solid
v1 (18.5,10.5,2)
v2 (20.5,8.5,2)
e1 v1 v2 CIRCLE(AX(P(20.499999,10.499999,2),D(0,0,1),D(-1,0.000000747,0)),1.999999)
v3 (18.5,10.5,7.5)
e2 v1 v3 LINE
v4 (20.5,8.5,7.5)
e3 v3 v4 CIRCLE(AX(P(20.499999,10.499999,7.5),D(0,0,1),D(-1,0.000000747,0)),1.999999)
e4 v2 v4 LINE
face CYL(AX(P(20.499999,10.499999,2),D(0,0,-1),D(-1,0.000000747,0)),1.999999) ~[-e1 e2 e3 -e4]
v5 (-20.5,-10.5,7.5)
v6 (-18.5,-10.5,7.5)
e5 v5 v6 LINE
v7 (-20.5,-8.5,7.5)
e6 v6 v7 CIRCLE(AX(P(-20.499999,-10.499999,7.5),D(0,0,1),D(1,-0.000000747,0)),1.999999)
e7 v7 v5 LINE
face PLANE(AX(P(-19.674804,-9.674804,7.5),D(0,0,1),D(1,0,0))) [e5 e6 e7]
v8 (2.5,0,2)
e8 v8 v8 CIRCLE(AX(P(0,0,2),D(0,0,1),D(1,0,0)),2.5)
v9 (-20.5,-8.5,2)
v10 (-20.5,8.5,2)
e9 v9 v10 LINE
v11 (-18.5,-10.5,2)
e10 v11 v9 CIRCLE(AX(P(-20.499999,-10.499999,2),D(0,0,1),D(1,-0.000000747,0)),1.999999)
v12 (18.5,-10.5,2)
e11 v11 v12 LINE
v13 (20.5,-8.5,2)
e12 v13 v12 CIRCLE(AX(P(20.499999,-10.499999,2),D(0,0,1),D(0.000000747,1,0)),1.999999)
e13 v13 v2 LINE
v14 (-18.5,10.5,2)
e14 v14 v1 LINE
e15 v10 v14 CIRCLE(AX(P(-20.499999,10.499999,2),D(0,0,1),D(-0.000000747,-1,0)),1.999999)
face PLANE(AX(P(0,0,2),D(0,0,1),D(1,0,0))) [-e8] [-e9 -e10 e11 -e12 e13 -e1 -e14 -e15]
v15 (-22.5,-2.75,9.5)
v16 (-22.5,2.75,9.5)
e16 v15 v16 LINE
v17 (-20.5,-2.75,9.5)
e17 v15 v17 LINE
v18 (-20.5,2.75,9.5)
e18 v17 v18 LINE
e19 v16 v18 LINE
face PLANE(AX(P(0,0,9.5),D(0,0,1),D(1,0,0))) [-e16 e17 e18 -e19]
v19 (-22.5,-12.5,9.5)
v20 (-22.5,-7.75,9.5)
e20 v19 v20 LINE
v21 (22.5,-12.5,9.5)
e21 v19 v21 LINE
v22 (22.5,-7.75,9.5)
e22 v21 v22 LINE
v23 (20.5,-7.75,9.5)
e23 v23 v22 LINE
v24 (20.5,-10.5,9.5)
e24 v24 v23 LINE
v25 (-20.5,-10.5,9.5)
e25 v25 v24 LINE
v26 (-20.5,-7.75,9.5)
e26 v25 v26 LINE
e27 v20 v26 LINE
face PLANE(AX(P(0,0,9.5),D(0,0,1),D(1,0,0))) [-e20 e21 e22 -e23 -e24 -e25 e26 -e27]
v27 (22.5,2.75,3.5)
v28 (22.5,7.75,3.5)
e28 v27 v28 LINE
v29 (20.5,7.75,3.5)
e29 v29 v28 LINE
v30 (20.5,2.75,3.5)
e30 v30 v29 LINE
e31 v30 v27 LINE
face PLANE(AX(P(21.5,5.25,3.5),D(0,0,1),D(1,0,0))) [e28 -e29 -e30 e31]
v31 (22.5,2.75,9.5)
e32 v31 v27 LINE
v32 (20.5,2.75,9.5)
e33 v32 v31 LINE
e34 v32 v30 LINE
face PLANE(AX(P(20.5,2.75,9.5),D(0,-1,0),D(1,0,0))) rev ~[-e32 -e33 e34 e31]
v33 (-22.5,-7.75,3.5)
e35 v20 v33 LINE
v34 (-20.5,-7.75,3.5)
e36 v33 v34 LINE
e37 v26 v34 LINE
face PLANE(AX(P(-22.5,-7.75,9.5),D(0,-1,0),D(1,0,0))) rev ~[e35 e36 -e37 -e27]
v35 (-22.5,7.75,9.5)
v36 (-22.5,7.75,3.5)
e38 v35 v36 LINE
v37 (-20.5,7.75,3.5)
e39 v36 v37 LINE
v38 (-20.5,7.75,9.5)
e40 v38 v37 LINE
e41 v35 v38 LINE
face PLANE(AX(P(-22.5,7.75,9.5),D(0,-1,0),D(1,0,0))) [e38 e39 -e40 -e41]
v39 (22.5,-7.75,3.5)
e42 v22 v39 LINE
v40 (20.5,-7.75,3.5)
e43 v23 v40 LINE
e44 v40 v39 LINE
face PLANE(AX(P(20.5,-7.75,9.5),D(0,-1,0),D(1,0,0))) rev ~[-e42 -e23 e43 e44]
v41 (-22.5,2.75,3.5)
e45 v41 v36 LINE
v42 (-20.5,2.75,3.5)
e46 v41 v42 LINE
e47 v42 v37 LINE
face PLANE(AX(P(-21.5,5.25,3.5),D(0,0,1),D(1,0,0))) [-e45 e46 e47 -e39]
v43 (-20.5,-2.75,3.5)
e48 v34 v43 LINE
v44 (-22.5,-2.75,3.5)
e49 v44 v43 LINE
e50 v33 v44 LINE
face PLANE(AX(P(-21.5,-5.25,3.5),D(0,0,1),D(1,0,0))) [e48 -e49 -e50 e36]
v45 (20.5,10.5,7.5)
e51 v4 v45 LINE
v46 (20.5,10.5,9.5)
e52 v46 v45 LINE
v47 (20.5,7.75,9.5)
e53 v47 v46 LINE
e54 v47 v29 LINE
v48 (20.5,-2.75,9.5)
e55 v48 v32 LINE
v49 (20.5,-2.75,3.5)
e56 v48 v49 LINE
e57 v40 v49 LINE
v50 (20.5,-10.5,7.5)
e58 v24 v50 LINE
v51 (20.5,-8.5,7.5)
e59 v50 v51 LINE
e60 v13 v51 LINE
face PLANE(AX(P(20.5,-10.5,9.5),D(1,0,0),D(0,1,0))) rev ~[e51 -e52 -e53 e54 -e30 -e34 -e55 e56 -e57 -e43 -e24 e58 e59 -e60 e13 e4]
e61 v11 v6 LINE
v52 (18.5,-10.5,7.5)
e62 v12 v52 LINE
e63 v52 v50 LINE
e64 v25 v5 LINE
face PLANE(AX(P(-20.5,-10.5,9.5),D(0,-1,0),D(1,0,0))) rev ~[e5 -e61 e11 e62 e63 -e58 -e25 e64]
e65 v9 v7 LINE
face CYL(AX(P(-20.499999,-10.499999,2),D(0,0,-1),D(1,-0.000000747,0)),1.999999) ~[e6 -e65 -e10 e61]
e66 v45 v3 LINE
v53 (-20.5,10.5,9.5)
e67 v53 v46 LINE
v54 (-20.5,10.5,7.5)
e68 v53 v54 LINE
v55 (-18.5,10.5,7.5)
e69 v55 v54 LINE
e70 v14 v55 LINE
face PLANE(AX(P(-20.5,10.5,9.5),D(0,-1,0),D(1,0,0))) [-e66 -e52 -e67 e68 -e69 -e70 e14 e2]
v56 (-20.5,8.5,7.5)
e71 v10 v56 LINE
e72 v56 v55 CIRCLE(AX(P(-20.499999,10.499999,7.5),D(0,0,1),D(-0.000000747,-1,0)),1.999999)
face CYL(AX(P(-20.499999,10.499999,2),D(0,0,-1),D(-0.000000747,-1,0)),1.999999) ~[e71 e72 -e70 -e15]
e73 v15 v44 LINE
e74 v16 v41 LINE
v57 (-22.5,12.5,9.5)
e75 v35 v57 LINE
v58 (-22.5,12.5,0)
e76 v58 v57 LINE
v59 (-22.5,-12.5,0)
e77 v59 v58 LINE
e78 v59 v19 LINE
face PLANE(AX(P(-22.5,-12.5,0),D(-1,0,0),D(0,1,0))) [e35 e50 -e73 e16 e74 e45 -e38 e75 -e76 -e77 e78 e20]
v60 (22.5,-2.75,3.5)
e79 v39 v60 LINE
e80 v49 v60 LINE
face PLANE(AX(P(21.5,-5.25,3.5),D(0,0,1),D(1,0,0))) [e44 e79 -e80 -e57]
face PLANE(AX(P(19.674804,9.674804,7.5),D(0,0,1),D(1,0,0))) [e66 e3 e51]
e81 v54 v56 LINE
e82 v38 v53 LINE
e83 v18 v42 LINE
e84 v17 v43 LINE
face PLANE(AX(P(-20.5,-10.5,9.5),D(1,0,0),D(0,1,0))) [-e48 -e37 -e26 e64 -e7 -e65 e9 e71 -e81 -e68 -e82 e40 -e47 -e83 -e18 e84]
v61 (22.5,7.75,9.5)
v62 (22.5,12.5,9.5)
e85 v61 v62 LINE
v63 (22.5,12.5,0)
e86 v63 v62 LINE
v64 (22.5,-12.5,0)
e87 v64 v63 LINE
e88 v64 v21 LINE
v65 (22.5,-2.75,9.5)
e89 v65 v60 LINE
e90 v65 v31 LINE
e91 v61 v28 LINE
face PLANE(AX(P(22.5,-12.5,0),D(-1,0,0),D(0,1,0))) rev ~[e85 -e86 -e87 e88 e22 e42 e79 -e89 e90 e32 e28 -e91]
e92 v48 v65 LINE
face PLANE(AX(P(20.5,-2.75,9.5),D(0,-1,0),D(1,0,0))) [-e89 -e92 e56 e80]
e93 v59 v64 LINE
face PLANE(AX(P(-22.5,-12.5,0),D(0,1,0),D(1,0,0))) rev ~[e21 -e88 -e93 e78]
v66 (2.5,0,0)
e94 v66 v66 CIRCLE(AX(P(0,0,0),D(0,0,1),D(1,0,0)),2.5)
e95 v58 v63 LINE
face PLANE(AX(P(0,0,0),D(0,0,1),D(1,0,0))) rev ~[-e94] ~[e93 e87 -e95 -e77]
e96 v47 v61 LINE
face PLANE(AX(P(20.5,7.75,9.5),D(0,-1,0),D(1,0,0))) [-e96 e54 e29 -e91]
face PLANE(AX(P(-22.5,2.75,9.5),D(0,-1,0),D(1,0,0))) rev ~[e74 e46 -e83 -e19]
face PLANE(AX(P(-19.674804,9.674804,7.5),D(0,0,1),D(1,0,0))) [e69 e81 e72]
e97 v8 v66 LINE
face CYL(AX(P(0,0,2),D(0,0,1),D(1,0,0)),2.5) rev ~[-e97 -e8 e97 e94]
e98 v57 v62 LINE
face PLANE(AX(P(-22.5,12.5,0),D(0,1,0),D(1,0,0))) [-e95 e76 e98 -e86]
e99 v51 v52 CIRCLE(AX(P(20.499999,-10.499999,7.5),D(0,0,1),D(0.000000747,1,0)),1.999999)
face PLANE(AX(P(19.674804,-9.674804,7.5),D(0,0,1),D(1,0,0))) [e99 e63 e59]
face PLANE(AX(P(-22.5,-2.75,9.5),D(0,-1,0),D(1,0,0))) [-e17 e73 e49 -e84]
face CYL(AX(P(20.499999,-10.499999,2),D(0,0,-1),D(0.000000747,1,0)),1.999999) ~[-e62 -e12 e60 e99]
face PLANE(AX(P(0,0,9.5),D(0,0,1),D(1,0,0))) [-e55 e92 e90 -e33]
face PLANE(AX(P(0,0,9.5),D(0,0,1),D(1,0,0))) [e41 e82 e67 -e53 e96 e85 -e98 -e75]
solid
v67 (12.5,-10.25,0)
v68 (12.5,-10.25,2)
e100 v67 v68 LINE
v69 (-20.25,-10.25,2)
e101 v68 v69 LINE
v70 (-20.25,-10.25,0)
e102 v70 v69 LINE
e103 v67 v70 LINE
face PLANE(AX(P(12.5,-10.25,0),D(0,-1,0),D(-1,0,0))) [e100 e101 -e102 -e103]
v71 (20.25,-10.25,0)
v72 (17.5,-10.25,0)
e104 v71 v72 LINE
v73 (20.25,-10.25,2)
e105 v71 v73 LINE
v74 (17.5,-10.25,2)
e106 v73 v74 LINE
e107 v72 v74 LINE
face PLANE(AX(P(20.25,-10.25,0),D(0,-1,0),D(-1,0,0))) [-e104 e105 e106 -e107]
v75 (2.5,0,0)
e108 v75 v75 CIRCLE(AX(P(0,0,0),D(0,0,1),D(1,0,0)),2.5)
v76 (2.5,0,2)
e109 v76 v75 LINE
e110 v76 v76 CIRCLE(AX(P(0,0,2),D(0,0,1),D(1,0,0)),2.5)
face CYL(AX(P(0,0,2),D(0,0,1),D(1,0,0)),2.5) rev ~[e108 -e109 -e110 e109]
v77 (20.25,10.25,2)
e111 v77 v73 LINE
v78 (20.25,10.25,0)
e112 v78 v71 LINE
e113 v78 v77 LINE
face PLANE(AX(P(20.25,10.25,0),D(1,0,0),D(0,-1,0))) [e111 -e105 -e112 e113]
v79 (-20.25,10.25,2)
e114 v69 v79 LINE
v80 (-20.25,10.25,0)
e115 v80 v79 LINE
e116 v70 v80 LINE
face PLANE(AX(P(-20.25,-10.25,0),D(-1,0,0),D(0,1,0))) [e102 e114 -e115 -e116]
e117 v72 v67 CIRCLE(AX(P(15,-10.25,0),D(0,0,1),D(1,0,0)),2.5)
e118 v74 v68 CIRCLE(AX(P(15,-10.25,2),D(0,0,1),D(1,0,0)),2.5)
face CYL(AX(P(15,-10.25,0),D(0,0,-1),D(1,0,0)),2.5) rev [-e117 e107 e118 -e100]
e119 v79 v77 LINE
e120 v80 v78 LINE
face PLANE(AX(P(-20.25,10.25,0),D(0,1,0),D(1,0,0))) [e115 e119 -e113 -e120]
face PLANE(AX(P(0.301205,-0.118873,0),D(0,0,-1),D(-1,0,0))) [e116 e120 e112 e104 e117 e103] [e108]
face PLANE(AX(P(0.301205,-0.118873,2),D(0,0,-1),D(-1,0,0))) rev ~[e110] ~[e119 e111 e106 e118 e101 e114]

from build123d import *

# Parameters (mm, degrees)
SKETCH_W        = 45
SKETCH_H        = 25
PAD_DEPTH       = 9.5
SKETCH001_W     = 41
SKETCH001_H     = 21
POCKET_DEPTH    = 7.5
SKETCH002_R     = 2.5
POCKET001_DEPTH = 2.001
SKETCH003_W     = 2
SKETCH003_H     = 5
POCKET002_DEPTH = 6
PAD001_DEPTH    = 5.5
PAD002_DEPTH    = 2
SKETCH006_R     = 2.5
POCKET003_DEPTH = 2.001


with BuildPart() as body:
    # Sketch → Pad (new body)
    with BuildSketch(Plane.XY):
        Rectangle(SKETCH_W, SKETCH_H)
    extrude(amount=PAD_DEPTH)

    # Sketch001 (on Face6 of Pad) → Pocket (cut)
    with BuildSketch(Plane.XY.offset(9.5)):
        Rectangle(SKETCH001_W, SKETCH001_H)
    extrude(amount=-POCKET_DEPTH, mode=Mode.SUBTRACT)

    # Sketch002 (on Face11 of Pocket) → Pocket001 (cut, through all)
    with BuildSketch(Plane.XY.offset(2)):
        Circle(SKETCH002_R)
    extrude(amount=-POCKET001_DEPTH, mode=Mode.SUBTRACT)

    # Sketch003 (on Face5 of Pocket001) → Pocket002 (cut)
    with BuildSketch(Plane.XY.offset(9.5)):
        with Locations((-21.5, 5.25)):
            Rectangle(SKETCH003_W, SKETCH003_H)
        with Locations((-21.5, -5.25)):
            Rectangle(SKETCH003_W, SKETCH003_H)
        with Locations((21.5, 5.25)):
            Rectangle(SKETCH003_W, SKETCH003_H)
        with Locations((21.5, -5.25)):
            Rectangle(SKETCH003_W, SKETCH003_H)
    extrude(amount=-POCKET002_DEPTH, mode=Mode.SUBTRACT)

    # Sketch004 (on Face27 of Pocket002) → Pad001 (join)
    with BuildSketch(Plane.XY.offset(2)):
        with BuildLine():
            ThreePointArc((-20.5, 8.5), (-19.085786, 9.085786), (-18.5, 10.5))
            Line((-18.5, 10.5), (-20.5, 10.5))
            Line((-20.5, 10.5), (-20.5, 8.5))
        make_face()
        with BuildLine():
            ThreePointArc((-18.5, -10.5), (-19.085786, -9.085786), (-20.5, -8.5))
            Line((-20.5, -8.5), (-20.5, -10.5))
            Line((-20.5, -10.5), (-18.5, -10.5))
        make_face()
        with BuildLine():
            ThreePointArc((20.5, -8.5), (19.085786, -9.085786), (18.5, -10.5))
            Line((18.5, -10.5), (20.5, -10.5))
            Line((20.5, -10.5), (20.5, -8.5))
        make_face()
        with BuildLine():
            ThreePointArc((18.5, 10.5), (19.085786, 9.085786), (20.5, 8.5))
            Line((20.5, 8.5), (20.5, 10.5))
            Line((20.5, 10.5), (18.5, 10.5))
        make_face()
    extrude(amount=PAD001_DEPTH)


with BuildPart() as body001:
    # Sketch005 → Pad002 (new body)
    with BuildSketch(Plane.XY):
        with BuildLine():
            Line((-20.25, 10.25), (20.25, 10.25))
            Line((20.25, 10.25), (20.25, -10.25))
            Line((20.25, -10.25), (17.5, -10.25))
            ThreePointArc((17.5, -10.25), (15, -7.75), (12.5, -10.25))
            Line((12.5, -10.25), (-20.25, -10.25))
            Line((-20.25, -10.25), (-20.25, 10.25))
        make_face()
    extrude(amount=PAD002_DEPTH)

    # Sketch006 (on Face8 of Pad002) → Pocket003 (cut, through all)
    with BuildSketch(Plane.XY.offset(2)):
        Circle(SKETCH006_R)
    extrude(amount=-POCKET003_DEPTH, mode=Mode.SUBTRACT)


solid = Compound([body.part, body001.part])
